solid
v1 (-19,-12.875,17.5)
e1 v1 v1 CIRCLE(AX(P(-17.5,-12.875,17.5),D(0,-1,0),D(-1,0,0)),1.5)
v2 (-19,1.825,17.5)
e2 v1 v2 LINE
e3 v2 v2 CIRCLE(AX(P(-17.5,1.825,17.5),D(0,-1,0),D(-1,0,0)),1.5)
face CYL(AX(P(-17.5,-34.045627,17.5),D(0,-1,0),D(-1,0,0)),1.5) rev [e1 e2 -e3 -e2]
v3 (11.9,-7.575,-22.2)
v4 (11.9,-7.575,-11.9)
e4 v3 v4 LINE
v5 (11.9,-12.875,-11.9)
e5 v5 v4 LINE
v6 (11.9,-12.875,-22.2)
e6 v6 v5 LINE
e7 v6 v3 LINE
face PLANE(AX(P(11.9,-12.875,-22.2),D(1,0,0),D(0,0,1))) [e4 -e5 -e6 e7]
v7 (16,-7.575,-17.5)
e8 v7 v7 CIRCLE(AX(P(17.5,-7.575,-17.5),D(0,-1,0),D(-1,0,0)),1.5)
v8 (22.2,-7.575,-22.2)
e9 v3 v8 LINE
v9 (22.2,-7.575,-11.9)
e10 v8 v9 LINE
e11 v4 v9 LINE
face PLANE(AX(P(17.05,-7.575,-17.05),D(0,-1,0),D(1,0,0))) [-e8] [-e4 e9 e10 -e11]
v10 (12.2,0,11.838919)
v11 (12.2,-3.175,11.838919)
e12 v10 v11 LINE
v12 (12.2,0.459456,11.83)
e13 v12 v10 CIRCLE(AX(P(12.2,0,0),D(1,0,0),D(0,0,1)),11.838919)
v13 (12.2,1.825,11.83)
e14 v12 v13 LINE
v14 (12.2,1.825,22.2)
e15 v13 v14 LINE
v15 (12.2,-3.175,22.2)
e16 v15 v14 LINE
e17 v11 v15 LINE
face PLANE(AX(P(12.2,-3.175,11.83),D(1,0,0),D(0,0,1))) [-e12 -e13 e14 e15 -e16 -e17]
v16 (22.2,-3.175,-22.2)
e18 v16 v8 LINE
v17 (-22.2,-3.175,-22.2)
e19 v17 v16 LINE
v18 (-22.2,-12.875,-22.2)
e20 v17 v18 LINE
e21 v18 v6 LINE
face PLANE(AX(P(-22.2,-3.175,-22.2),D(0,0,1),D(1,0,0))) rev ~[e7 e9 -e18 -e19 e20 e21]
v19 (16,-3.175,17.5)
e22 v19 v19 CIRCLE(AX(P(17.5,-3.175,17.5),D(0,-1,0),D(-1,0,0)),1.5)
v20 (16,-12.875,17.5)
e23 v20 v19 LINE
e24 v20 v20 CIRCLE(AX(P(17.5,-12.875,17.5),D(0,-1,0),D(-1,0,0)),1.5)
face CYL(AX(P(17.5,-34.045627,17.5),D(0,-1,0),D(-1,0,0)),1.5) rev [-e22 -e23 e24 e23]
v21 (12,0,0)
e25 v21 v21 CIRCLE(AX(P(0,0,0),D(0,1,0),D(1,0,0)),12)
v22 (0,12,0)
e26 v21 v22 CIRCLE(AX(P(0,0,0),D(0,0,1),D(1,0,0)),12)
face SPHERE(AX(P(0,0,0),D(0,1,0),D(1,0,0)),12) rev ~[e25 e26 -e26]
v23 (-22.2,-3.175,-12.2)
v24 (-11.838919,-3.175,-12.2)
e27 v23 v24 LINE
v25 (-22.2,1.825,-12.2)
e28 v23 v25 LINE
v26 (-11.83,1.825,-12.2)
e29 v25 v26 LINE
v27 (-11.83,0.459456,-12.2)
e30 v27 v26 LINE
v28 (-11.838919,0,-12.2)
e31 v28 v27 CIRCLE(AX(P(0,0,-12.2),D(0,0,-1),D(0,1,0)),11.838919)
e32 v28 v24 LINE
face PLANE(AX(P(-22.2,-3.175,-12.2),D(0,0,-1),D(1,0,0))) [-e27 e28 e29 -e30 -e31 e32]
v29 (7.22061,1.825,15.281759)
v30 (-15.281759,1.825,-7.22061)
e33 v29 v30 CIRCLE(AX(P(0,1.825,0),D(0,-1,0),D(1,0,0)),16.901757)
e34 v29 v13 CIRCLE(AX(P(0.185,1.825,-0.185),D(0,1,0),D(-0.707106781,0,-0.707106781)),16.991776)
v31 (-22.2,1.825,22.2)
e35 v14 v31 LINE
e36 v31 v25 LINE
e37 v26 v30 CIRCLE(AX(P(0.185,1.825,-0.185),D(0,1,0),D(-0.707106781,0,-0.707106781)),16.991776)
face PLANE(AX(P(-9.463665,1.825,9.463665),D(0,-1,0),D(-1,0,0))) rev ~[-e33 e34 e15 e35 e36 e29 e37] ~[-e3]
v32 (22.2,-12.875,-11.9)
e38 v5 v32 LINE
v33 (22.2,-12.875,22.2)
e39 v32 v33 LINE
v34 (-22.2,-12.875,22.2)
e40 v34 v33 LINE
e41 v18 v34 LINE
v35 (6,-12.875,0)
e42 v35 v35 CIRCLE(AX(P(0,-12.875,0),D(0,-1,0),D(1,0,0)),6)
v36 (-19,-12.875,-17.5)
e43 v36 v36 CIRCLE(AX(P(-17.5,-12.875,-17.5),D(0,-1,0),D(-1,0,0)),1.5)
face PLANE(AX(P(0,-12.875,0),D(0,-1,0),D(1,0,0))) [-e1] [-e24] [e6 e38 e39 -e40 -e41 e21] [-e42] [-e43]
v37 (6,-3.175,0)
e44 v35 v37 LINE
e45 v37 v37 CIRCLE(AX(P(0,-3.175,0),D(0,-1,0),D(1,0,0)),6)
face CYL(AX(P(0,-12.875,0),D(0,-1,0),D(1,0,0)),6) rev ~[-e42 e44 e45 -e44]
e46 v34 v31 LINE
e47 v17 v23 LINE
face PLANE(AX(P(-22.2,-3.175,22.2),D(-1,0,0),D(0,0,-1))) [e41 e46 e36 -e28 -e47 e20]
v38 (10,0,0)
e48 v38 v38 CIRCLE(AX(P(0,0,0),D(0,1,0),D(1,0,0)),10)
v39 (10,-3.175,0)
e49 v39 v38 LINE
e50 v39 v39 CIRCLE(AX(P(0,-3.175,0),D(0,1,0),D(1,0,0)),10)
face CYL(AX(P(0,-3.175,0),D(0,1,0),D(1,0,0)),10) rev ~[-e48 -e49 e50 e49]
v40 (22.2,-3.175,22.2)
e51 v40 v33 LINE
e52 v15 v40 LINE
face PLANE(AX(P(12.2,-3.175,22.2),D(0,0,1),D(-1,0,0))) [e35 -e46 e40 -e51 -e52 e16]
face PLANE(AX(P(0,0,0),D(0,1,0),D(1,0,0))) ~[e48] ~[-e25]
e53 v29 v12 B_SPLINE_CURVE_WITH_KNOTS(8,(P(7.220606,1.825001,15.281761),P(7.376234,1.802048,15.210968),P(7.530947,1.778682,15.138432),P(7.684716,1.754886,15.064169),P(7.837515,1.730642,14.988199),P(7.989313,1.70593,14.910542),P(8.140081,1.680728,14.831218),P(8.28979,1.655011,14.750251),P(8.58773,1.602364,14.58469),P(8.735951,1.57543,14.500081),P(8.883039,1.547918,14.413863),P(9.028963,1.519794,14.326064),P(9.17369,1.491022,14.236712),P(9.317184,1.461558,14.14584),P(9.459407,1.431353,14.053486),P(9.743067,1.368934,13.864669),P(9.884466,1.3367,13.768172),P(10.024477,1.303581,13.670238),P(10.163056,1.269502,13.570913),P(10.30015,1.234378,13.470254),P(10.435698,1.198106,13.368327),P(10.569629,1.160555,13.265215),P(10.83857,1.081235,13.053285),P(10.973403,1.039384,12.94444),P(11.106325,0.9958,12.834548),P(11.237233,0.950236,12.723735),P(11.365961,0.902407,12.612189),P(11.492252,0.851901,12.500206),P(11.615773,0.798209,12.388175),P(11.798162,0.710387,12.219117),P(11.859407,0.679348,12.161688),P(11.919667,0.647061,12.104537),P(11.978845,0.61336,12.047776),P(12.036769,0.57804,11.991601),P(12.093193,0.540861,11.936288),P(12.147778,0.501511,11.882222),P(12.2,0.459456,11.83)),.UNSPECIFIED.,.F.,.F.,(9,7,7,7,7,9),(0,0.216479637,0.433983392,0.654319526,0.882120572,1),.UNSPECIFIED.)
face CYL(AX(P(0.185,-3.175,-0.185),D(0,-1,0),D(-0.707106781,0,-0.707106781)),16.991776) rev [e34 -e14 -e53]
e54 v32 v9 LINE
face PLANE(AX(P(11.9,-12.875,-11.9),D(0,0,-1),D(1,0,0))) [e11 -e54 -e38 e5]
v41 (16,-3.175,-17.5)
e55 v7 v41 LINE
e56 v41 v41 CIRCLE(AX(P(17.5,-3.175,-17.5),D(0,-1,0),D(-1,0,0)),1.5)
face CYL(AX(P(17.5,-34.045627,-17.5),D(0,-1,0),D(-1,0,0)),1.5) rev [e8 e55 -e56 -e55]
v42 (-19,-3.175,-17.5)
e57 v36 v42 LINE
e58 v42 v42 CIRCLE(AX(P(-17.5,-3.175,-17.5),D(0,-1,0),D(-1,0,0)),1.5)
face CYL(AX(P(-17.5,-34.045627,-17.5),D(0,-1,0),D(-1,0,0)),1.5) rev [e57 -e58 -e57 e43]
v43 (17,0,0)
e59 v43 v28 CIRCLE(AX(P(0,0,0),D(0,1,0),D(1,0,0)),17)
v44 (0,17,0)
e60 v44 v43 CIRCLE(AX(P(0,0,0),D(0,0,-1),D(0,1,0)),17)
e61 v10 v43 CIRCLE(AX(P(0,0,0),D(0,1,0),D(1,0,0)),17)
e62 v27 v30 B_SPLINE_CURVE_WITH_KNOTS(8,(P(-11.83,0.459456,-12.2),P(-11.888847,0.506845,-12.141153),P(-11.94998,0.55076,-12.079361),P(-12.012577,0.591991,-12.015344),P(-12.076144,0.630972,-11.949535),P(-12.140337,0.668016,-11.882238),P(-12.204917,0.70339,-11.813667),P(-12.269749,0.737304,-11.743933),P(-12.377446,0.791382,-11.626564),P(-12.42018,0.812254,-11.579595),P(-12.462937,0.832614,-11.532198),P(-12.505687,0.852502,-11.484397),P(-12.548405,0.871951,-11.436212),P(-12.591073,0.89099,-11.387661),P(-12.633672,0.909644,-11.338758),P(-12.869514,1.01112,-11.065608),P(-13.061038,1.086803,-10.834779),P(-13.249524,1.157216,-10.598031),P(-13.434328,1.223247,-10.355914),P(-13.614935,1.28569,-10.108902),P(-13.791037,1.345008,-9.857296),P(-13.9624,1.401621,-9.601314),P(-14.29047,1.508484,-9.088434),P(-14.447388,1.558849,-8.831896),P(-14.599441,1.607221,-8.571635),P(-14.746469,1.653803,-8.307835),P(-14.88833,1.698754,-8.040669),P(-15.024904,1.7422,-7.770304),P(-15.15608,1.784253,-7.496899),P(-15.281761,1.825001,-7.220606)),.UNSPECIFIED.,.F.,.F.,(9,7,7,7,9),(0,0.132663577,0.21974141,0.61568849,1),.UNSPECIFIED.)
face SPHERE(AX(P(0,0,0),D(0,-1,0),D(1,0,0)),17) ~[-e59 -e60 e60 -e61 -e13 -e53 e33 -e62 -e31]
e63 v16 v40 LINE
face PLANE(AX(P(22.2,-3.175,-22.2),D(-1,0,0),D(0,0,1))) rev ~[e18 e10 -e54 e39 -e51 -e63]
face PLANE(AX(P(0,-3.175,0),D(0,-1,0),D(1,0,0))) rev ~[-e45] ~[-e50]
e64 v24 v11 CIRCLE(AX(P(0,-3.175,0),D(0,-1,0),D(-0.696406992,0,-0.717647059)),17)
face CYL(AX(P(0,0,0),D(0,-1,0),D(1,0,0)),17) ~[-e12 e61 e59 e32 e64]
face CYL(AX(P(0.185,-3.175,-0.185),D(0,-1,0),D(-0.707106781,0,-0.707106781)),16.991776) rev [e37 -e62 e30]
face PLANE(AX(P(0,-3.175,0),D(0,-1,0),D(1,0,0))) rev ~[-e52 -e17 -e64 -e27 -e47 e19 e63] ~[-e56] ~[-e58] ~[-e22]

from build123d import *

# Parameters (mm, degrees)
SKETCH3_W               = 44.4
SKETCH3_H               = 44.4
BOSS_EXTRUDE1_DEPTH     = 9.7
SKETCH4_W               = 10.3
SKETCH4_H               = 10.3
CUT_EXTRUDE1_DEPTH      = 5.3
SKETCH5_R               = 6
CUT_EXTRUDE2_DEPTH      = 14.3
BOSS_EXTRUDE2_DEPTH     = 5
CUT_EXTRUDE3_DEPTH      = 35.870626966
CUT_EXTRUDE3_DEPTH_BACK = 35.870626966
SKETCH7_R               = 1.5


with BuildPart() as part:
    # Sketch2 → Revolve1 (revolve)
    with BuildSketch(Plane.XY, mode=Mode.PRIVATE) as revolve1_sk:
        with BuildLine():
            Line((-10, 0), (-12, 0))
            ThreePointArc((-12, 0), (-8.485281374, 8.485281374), (0, 12))
            Line((0, 12), (0, 17))
            ThreePointArc((0, 17), (-12.02081528, 12.02081528), (-17, 0))
            Line((-17, 0), (-17, -3.175))
            Line((-17, -3.175), (-10, -3.175))
            Line((-10, -3.175), (-10, 0))
        make_face()
    revolve(revolve1_sk.sketch.rotate(Axis((0, 12, 0), (0, 1, 0)), 180), axis=Axis((0, 12, 0), (0, 1, 0)))

    # Sketch3 → Boss-Extrude1 (add)
    with BuildSketch(Plane.XZ.offset(3.175)):
        Rectangle(SKETCH3_W, SKETCH3_H)
    extrude(amount=BOSS_EXTRUDE1_DEPTH)

    # Sketch4 → Cut-Extrude1 (cut)
    with BuildSketch(Plane.XZ.offset(12.875)):
        with Locations((17.05, -17.05)):
            Rectangle(SKETCH4_W, SKETCH4_H)
    extrude(amount=-CUT_EXTRUDE1_DEPTH, mode=Mode.SUBTRACT)

    # Sketch5 → Cut-Extrude2 (cut)
    with BuildSketch(Plane.XZ.offset(12.875)):
        Circle(SKETCH5_R)
    extrude(amount=-CUT_EXTRUDE2_DEPTH, mode=Mode.SUBTRACT)

    # Sketch6 → Boss-Extrude2 (add)
    with BuildSketch(Plane(origin=(0, -3.175, 0), x_dir=(1, 0, 0), z_dir=(0, 1, 0))):
        with BuildLine():
            Line((-22.2, -22.2), (-22.2, 12.2))
            Line((-22.2, 12.2), (-11.83, 12.2))
            ThreePointArc((-11.83, 12.2), (-11.83, -11.83), (12.2, -11.83))
            Line((12.2, -11.83), (12.2, -22.2))
            Line((12.2, -22.2), (-22.2, -22.2))
        make_face()
    extrude(amount=BOSS_EXTRUDE2_DEPTH)

    # Sketch7 → Cut-Extrude3 (cut, two sides: drawn at the far end of the back side and taken through both)
    with BuildSketch(Plane(origin=(0, 1.825, 0), x_dir=(1, 0, 0), z_dir=(0, 1, 0)).offset(-CUT_EXTRUDE3_DEPTH_BACK)):
        with Locations(Location((-17.5, -17.5, 0), (0, 0, 180))):
            Circle(SKETCH7_R)
        with Locations(Location((17.5, -17.5, 0), (0, 0, 180))):
            Circle(SKETCH7_R)
        with Locations(Location((17.5, 17.5, 0), (0, 0, 180))):
            Circle(SKETCH7_R)
        with Locations(Location((-17.5, 17.5, 0), (0, 0, 180))):
            Circle(SKETCH7_R)
    extrude(amount=CUT_EXTRUDE3_DEPTH + CUT_EXTRUDE3_DEPTH_BACK, mode=Mode.SUBTRACT)


solid = part.part
